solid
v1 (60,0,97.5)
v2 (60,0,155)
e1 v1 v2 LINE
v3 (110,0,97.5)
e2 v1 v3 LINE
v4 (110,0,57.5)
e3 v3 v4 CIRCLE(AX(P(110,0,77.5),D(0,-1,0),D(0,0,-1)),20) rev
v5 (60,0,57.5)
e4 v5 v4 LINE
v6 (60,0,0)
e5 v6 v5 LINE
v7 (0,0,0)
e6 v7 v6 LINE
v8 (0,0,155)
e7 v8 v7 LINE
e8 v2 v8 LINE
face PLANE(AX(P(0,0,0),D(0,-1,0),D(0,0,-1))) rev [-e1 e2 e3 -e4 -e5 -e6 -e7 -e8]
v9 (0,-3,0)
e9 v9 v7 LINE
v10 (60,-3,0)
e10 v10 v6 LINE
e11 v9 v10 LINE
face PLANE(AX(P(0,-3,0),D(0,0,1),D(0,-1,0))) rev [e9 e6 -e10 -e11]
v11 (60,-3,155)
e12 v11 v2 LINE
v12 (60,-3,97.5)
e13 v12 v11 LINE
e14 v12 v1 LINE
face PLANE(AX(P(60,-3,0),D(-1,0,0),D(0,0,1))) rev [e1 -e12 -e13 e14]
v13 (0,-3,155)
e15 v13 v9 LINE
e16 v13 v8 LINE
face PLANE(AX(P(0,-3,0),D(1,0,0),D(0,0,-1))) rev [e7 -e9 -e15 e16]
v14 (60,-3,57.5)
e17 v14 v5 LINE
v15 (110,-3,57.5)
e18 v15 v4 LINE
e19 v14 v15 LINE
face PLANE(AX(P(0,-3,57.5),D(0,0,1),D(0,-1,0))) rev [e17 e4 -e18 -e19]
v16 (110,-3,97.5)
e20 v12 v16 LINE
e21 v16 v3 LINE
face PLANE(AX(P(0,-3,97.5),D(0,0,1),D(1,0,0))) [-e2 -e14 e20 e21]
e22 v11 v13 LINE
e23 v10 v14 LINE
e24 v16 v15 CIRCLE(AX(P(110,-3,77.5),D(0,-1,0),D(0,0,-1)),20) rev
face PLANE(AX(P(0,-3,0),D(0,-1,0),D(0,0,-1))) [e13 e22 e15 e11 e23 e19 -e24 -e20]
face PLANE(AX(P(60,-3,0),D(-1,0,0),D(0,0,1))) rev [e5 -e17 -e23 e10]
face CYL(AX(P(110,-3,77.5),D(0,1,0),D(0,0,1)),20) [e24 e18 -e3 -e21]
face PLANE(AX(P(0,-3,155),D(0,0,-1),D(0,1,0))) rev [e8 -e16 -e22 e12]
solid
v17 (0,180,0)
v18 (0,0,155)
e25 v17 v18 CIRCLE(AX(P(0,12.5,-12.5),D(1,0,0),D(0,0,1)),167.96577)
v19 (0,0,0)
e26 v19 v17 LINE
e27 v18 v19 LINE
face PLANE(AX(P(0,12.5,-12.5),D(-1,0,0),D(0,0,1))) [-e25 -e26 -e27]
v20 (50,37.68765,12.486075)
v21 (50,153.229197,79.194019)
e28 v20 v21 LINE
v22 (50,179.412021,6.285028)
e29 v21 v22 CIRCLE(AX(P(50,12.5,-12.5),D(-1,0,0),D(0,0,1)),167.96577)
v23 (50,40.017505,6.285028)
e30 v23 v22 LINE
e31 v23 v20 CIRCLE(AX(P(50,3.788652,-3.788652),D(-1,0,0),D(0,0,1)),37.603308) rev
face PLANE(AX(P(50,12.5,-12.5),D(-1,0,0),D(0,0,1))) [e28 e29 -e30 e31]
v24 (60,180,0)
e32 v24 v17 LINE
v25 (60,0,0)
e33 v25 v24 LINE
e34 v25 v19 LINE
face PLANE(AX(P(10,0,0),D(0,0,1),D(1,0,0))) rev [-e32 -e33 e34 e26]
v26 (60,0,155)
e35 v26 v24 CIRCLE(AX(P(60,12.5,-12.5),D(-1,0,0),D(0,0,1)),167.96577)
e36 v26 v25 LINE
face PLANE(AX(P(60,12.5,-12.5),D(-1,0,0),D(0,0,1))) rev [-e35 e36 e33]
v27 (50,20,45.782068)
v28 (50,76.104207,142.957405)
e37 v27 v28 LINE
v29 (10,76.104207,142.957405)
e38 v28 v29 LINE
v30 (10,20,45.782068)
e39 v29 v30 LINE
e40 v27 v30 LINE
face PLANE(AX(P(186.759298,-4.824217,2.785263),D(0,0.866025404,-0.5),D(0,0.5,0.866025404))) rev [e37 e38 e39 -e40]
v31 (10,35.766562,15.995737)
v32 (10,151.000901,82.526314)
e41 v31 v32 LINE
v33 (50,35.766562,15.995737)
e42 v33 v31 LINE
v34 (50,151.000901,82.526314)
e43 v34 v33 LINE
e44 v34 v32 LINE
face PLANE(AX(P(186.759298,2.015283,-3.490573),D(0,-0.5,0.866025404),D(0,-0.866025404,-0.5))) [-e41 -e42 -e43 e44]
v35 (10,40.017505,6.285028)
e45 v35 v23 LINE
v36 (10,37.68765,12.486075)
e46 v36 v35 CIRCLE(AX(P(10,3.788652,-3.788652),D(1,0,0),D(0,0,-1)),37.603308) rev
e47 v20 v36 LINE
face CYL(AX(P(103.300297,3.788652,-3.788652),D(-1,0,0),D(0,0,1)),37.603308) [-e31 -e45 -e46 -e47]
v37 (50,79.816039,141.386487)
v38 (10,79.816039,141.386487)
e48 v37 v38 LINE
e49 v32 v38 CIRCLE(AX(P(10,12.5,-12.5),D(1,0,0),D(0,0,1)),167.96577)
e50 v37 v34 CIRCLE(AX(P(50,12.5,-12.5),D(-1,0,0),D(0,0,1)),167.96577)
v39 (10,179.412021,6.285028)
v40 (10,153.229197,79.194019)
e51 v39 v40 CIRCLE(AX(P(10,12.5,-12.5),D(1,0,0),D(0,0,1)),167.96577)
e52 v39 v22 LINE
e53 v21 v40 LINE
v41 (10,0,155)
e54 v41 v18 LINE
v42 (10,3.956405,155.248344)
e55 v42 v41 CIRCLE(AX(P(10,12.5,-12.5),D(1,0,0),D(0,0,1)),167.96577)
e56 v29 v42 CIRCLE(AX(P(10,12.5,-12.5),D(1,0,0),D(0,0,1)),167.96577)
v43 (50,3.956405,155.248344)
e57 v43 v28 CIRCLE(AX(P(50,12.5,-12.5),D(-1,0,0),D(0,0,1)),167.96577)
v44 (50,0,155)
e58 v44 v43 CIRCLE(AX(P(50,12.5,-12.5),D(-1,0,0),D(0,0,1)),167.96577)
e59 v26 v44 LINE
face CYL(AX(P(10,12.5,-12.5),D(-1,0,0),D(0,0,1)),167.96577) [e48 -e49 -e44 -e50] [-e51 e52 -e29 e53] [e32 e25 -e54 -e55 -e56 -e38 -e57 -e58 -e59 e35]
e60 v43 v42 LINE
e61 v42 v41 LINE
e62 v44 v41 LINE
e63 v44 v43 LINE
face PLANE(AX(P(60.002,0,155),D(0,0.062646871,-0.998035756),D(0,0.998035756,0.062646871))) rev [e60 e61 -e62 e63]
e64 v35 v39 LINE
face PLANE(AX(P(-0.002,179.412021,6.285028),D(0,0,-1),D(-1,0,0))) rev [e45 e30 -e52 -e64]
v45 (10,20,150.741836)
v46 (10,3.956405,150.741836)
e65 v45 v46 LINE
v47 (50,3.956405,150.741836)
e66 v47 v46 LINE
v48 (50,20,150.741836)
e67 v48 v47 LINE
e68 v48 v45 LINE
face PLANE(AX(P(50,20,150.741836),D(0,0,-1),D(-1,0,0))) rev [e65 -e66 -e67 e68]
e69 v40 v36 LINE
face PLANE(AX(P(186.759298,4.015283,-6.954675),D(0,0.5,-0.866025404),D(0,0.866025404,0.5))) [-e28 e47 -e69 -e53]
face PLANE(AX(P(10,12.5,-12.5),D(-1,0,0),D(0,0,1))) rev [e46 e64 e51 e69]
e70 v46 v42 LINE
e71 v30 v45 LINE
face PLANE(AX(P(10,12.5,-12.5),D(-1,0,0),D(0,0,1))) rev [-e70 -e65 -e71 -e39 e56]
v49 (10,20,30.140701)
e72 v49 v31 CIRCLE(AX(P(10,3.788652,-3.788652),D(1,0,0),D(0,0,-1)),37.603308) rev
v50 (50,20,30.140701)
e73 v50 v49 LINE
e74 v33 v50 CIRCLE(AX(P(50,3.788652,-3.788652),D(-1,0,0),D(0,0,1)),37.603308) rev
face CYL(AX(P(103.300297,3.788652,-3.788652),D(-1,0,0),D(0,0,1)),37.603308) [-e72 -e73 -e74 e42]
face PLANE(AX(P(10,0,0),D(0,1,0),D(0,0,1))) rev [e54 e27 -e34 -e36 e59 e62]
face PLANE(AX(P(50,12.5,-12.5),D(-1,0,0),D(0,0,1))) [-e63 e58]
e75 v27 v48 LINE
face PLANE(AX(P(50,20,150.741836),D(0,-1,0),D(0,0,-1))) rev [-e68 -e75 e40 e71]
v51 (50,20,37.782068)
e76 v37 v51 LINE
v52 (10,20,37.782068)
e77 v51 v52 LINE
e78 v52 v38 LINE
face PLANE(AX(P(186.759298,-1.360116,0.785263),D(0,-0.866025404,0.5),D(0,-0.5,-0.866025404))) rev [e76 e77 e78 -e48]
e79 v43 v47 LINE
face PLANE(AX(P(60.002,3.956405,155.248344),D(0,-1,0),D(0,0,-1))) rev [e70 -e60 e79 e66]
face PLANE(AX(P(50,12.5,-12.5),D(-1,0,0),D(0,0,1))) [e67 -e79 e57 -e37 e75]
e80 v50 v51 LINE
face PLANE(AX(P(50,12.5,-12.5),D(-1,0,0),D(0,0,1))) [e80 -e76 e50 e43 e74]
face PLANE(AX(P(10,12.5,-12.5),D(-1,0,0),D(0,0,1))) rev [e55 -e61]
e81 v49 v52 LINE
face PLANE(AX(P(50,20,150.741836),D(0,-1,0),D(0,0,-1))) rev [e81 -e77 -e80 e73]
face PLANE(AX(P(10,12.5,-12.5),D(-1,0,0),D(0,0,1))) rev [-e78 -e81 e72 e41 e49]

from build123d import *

# Parameters (mm, degrees)
BOSS_EXTRUDE1_DEPTH  = 10
SKETCH2_W            = 150.741836367
SKETCH2_H            = 20
BOSS_EXTRUDE2_DEPTH  = 40
BOSS_EXTRUDE3_START  = 50
BOSS_EXTRUDE3_DEPTH  = 10
BOSS_EXTRUDE4_REACH  = 52
BOSS_EXTRUDE5_REACH  = 52
BOSS_EXTRUDE8_DEPTH  = 40
BOSS_EXTRUDE9_DEPTH  = 40
BOSS_EXTRUDE10_DEPTH = 3


with BuildPart() as part:
    # Sketch1 → Boss-Extrude1 (new body)
    with BuildSketch(Plane(origin=(0, 0, 0), x_dir=(0, 0, -1), z_dir=(1, 0, 0))):
        with BuildLine():
            Line((0, 0), (-155, 0))
            ThreePointArc((-155, 0), (-114.779220614, 122.101551084), (0, 180))
            Line((0, 180), (0, 0))
        make_face()
    extrude(amount=BOSS_EXTRUDE1_DEPTH)

    # Sketch2 → Boss-Extrude2 (add)
    with BuildSketch(Plane(origin=(10, 0, 0), x_dir=(0, 0, -1), z_dir=(1, 0, 0))):
        with Locations((-75.370918184, 10)):
            Rectangle(SKETCH2_W, SKETCH2_H)
    extrude(amount=BOSS_EXTRUDE2_DEPTH)

    # Sketch1<2> → Boss-Extrude3 (add)
    with BuildSketch(Plane(origin=(0, 0, 0), x_dir=(0, 0, -1), z_dir=(1, 0, 0)).offset(BOSS_EXTRUDE3_START)):
        with BuildLine():
            Line((0, 0), (-155, 0))
            ThreePointArc((-155, 0), (-114.779220614, 122.101551084), (0, 180))
            Line((0, 180), (0, 0))
        make_face()
    extrude(amount=BOSS_EXTRUDE3_DEPTH)

    # Sketch3 → Boss-Extrude4 (add, up to next)
    with BuildSketch(Plane(origin=(10, 0, 0), x_dir=(0, 0, -1), z_dir=(1, 0, 0)), mode=Mode.PRIVATE) as boss_extrude4_sk1:
        Polygon((-155, 0), (-155.248344232, 3.956405475), (-150.741836367, 3.956405475), (-150.741836367, 0), align=None)
    boss_extrude4_tool1 = extrude(boss_extrude4_sk1.sketch, amount=BOSS_EXTRUDE4_REACH, mode=Mode.PRIVATE) - part.part
    add(boss_extrude4_tool1.solids().sort_by_distance((10, 1.996887, 152.933591))[0])

    # Sketch4 → Boss-Extrude5 (add, up to next)
    with BuildSketch(Plane.ZY.offset(-50), mode=Mode.PRIVATE) as boss_extrude5_sk1:
        with BuildLine():
            Line((6.285027821, 179.412020927), (6.285027821, 20))
            Line((6.285027821, 20), (0, 20))
            Line((0, 20), (0, 180))
            ThreePointArc((0, 180), (3.145276325, 179.735538474), (6.285027821, 179.412020927))
        make_face()
    boss_extrude5_tool1 = extrude(boss_extrude5_sk1.sketch, amount=BOSS_EXTRUDE5_REACH, mode=Mode.PRIVATE) - part.part
    add(boss_extrude5_tool1.solids().sort_by_distance((50, 99.863025, 3.140586))[0])

    # Sketch5 → Boss-Extrude8 (add)
    with BuildSketch(Plane(origin=(10, 0, 0), x_dir=(0, 0, -1), z_dir=(1, 0, 0))):
        with BuildLine():
            ThreePointArc((-15.995737166, 35.766562367), (-14.26647513, 36.773818207), (-12.486075374, 37.687649826))
            Line((-12.486075374, 37.687649826), (-79.194018797, 153.229197102))
            ThreePointArc((-79.194018797, 153.229197102), (-80.866814116, 152.124990678), (-82.526313815, 151.000901379))
            Line((-82.526313815, 151.000901379), (-15.995737166, 35.766562367))
        make_face()
        with BuildLine():
            Line((-142.957405316, 76.104206878), (-32.791687428, 12.5))
            ThreePointArc((-32.791687428, 12.5), (-32.260504097, 14.48758469), (-31.621412378, 16.443143538))
            Line((-31.621412378, 16.443143538), (-141.38648706, 79.816038953))
            ThreePointArc((-141.38648706, 79.816038953), (-142.183080399, 77.964835127), (-142.957405316, 76.104206878))
        make_face()
    extrude(amount=BOSS_EXTRUDE8_DEPTH)

    # Sketch5<4> → Boss-Extrude9 (add)
    with BuildSketch(Plane(origin=(10, 0, 0), x_dir=(0, 0, -1), z_dir=(1, 0, 0))):
        with BuildLine():
            Line((-6.285027821, 20), (-6.285027821, 40.017504829))
            ThreePointArc((-6.285027821, 40.017504829), (-9.436955605, 38.989392149), (-12.486075374, 37.687649826))
            ThreePointArc((-12.486075374, 37.687649826), (-14.26647513, 36.773818207), (-15.995737166, 35.766562367))
            ThreePointArc((-15.995737166, 35.766562367), (-24.201304285, 28.899827943), (-30.140701221, 20))
            Line((-30.140701221, 20), (-6.285027821, 20))
        make_face()
    extrude(amount=BOSS_EXTRUDE9_DEPTH)


with BuildPart() as body_2:
    # Sketch6 → Boss-Extrude10 (new body)
    with BuildSketch(Plane.XZ):
        with BuildLine():
            Line((110, 97.5), (60, 97.5))
            Line((60, 97.5), (60, 57.5))
            Line((60, 57.5), (110, 57.5))
            ThreePointArc((110, 57.5), (130, 77.5), (110, 97.5))
        make_face()
        Polygon((10, 155), (0, 155), (0, 0), (60, 0), (60, 155), (50, 155), align=None)
    extrude(amount=BOSS_EXTRUDE10_DEPTH)


solid = Compound([part.part, body_2.part])
